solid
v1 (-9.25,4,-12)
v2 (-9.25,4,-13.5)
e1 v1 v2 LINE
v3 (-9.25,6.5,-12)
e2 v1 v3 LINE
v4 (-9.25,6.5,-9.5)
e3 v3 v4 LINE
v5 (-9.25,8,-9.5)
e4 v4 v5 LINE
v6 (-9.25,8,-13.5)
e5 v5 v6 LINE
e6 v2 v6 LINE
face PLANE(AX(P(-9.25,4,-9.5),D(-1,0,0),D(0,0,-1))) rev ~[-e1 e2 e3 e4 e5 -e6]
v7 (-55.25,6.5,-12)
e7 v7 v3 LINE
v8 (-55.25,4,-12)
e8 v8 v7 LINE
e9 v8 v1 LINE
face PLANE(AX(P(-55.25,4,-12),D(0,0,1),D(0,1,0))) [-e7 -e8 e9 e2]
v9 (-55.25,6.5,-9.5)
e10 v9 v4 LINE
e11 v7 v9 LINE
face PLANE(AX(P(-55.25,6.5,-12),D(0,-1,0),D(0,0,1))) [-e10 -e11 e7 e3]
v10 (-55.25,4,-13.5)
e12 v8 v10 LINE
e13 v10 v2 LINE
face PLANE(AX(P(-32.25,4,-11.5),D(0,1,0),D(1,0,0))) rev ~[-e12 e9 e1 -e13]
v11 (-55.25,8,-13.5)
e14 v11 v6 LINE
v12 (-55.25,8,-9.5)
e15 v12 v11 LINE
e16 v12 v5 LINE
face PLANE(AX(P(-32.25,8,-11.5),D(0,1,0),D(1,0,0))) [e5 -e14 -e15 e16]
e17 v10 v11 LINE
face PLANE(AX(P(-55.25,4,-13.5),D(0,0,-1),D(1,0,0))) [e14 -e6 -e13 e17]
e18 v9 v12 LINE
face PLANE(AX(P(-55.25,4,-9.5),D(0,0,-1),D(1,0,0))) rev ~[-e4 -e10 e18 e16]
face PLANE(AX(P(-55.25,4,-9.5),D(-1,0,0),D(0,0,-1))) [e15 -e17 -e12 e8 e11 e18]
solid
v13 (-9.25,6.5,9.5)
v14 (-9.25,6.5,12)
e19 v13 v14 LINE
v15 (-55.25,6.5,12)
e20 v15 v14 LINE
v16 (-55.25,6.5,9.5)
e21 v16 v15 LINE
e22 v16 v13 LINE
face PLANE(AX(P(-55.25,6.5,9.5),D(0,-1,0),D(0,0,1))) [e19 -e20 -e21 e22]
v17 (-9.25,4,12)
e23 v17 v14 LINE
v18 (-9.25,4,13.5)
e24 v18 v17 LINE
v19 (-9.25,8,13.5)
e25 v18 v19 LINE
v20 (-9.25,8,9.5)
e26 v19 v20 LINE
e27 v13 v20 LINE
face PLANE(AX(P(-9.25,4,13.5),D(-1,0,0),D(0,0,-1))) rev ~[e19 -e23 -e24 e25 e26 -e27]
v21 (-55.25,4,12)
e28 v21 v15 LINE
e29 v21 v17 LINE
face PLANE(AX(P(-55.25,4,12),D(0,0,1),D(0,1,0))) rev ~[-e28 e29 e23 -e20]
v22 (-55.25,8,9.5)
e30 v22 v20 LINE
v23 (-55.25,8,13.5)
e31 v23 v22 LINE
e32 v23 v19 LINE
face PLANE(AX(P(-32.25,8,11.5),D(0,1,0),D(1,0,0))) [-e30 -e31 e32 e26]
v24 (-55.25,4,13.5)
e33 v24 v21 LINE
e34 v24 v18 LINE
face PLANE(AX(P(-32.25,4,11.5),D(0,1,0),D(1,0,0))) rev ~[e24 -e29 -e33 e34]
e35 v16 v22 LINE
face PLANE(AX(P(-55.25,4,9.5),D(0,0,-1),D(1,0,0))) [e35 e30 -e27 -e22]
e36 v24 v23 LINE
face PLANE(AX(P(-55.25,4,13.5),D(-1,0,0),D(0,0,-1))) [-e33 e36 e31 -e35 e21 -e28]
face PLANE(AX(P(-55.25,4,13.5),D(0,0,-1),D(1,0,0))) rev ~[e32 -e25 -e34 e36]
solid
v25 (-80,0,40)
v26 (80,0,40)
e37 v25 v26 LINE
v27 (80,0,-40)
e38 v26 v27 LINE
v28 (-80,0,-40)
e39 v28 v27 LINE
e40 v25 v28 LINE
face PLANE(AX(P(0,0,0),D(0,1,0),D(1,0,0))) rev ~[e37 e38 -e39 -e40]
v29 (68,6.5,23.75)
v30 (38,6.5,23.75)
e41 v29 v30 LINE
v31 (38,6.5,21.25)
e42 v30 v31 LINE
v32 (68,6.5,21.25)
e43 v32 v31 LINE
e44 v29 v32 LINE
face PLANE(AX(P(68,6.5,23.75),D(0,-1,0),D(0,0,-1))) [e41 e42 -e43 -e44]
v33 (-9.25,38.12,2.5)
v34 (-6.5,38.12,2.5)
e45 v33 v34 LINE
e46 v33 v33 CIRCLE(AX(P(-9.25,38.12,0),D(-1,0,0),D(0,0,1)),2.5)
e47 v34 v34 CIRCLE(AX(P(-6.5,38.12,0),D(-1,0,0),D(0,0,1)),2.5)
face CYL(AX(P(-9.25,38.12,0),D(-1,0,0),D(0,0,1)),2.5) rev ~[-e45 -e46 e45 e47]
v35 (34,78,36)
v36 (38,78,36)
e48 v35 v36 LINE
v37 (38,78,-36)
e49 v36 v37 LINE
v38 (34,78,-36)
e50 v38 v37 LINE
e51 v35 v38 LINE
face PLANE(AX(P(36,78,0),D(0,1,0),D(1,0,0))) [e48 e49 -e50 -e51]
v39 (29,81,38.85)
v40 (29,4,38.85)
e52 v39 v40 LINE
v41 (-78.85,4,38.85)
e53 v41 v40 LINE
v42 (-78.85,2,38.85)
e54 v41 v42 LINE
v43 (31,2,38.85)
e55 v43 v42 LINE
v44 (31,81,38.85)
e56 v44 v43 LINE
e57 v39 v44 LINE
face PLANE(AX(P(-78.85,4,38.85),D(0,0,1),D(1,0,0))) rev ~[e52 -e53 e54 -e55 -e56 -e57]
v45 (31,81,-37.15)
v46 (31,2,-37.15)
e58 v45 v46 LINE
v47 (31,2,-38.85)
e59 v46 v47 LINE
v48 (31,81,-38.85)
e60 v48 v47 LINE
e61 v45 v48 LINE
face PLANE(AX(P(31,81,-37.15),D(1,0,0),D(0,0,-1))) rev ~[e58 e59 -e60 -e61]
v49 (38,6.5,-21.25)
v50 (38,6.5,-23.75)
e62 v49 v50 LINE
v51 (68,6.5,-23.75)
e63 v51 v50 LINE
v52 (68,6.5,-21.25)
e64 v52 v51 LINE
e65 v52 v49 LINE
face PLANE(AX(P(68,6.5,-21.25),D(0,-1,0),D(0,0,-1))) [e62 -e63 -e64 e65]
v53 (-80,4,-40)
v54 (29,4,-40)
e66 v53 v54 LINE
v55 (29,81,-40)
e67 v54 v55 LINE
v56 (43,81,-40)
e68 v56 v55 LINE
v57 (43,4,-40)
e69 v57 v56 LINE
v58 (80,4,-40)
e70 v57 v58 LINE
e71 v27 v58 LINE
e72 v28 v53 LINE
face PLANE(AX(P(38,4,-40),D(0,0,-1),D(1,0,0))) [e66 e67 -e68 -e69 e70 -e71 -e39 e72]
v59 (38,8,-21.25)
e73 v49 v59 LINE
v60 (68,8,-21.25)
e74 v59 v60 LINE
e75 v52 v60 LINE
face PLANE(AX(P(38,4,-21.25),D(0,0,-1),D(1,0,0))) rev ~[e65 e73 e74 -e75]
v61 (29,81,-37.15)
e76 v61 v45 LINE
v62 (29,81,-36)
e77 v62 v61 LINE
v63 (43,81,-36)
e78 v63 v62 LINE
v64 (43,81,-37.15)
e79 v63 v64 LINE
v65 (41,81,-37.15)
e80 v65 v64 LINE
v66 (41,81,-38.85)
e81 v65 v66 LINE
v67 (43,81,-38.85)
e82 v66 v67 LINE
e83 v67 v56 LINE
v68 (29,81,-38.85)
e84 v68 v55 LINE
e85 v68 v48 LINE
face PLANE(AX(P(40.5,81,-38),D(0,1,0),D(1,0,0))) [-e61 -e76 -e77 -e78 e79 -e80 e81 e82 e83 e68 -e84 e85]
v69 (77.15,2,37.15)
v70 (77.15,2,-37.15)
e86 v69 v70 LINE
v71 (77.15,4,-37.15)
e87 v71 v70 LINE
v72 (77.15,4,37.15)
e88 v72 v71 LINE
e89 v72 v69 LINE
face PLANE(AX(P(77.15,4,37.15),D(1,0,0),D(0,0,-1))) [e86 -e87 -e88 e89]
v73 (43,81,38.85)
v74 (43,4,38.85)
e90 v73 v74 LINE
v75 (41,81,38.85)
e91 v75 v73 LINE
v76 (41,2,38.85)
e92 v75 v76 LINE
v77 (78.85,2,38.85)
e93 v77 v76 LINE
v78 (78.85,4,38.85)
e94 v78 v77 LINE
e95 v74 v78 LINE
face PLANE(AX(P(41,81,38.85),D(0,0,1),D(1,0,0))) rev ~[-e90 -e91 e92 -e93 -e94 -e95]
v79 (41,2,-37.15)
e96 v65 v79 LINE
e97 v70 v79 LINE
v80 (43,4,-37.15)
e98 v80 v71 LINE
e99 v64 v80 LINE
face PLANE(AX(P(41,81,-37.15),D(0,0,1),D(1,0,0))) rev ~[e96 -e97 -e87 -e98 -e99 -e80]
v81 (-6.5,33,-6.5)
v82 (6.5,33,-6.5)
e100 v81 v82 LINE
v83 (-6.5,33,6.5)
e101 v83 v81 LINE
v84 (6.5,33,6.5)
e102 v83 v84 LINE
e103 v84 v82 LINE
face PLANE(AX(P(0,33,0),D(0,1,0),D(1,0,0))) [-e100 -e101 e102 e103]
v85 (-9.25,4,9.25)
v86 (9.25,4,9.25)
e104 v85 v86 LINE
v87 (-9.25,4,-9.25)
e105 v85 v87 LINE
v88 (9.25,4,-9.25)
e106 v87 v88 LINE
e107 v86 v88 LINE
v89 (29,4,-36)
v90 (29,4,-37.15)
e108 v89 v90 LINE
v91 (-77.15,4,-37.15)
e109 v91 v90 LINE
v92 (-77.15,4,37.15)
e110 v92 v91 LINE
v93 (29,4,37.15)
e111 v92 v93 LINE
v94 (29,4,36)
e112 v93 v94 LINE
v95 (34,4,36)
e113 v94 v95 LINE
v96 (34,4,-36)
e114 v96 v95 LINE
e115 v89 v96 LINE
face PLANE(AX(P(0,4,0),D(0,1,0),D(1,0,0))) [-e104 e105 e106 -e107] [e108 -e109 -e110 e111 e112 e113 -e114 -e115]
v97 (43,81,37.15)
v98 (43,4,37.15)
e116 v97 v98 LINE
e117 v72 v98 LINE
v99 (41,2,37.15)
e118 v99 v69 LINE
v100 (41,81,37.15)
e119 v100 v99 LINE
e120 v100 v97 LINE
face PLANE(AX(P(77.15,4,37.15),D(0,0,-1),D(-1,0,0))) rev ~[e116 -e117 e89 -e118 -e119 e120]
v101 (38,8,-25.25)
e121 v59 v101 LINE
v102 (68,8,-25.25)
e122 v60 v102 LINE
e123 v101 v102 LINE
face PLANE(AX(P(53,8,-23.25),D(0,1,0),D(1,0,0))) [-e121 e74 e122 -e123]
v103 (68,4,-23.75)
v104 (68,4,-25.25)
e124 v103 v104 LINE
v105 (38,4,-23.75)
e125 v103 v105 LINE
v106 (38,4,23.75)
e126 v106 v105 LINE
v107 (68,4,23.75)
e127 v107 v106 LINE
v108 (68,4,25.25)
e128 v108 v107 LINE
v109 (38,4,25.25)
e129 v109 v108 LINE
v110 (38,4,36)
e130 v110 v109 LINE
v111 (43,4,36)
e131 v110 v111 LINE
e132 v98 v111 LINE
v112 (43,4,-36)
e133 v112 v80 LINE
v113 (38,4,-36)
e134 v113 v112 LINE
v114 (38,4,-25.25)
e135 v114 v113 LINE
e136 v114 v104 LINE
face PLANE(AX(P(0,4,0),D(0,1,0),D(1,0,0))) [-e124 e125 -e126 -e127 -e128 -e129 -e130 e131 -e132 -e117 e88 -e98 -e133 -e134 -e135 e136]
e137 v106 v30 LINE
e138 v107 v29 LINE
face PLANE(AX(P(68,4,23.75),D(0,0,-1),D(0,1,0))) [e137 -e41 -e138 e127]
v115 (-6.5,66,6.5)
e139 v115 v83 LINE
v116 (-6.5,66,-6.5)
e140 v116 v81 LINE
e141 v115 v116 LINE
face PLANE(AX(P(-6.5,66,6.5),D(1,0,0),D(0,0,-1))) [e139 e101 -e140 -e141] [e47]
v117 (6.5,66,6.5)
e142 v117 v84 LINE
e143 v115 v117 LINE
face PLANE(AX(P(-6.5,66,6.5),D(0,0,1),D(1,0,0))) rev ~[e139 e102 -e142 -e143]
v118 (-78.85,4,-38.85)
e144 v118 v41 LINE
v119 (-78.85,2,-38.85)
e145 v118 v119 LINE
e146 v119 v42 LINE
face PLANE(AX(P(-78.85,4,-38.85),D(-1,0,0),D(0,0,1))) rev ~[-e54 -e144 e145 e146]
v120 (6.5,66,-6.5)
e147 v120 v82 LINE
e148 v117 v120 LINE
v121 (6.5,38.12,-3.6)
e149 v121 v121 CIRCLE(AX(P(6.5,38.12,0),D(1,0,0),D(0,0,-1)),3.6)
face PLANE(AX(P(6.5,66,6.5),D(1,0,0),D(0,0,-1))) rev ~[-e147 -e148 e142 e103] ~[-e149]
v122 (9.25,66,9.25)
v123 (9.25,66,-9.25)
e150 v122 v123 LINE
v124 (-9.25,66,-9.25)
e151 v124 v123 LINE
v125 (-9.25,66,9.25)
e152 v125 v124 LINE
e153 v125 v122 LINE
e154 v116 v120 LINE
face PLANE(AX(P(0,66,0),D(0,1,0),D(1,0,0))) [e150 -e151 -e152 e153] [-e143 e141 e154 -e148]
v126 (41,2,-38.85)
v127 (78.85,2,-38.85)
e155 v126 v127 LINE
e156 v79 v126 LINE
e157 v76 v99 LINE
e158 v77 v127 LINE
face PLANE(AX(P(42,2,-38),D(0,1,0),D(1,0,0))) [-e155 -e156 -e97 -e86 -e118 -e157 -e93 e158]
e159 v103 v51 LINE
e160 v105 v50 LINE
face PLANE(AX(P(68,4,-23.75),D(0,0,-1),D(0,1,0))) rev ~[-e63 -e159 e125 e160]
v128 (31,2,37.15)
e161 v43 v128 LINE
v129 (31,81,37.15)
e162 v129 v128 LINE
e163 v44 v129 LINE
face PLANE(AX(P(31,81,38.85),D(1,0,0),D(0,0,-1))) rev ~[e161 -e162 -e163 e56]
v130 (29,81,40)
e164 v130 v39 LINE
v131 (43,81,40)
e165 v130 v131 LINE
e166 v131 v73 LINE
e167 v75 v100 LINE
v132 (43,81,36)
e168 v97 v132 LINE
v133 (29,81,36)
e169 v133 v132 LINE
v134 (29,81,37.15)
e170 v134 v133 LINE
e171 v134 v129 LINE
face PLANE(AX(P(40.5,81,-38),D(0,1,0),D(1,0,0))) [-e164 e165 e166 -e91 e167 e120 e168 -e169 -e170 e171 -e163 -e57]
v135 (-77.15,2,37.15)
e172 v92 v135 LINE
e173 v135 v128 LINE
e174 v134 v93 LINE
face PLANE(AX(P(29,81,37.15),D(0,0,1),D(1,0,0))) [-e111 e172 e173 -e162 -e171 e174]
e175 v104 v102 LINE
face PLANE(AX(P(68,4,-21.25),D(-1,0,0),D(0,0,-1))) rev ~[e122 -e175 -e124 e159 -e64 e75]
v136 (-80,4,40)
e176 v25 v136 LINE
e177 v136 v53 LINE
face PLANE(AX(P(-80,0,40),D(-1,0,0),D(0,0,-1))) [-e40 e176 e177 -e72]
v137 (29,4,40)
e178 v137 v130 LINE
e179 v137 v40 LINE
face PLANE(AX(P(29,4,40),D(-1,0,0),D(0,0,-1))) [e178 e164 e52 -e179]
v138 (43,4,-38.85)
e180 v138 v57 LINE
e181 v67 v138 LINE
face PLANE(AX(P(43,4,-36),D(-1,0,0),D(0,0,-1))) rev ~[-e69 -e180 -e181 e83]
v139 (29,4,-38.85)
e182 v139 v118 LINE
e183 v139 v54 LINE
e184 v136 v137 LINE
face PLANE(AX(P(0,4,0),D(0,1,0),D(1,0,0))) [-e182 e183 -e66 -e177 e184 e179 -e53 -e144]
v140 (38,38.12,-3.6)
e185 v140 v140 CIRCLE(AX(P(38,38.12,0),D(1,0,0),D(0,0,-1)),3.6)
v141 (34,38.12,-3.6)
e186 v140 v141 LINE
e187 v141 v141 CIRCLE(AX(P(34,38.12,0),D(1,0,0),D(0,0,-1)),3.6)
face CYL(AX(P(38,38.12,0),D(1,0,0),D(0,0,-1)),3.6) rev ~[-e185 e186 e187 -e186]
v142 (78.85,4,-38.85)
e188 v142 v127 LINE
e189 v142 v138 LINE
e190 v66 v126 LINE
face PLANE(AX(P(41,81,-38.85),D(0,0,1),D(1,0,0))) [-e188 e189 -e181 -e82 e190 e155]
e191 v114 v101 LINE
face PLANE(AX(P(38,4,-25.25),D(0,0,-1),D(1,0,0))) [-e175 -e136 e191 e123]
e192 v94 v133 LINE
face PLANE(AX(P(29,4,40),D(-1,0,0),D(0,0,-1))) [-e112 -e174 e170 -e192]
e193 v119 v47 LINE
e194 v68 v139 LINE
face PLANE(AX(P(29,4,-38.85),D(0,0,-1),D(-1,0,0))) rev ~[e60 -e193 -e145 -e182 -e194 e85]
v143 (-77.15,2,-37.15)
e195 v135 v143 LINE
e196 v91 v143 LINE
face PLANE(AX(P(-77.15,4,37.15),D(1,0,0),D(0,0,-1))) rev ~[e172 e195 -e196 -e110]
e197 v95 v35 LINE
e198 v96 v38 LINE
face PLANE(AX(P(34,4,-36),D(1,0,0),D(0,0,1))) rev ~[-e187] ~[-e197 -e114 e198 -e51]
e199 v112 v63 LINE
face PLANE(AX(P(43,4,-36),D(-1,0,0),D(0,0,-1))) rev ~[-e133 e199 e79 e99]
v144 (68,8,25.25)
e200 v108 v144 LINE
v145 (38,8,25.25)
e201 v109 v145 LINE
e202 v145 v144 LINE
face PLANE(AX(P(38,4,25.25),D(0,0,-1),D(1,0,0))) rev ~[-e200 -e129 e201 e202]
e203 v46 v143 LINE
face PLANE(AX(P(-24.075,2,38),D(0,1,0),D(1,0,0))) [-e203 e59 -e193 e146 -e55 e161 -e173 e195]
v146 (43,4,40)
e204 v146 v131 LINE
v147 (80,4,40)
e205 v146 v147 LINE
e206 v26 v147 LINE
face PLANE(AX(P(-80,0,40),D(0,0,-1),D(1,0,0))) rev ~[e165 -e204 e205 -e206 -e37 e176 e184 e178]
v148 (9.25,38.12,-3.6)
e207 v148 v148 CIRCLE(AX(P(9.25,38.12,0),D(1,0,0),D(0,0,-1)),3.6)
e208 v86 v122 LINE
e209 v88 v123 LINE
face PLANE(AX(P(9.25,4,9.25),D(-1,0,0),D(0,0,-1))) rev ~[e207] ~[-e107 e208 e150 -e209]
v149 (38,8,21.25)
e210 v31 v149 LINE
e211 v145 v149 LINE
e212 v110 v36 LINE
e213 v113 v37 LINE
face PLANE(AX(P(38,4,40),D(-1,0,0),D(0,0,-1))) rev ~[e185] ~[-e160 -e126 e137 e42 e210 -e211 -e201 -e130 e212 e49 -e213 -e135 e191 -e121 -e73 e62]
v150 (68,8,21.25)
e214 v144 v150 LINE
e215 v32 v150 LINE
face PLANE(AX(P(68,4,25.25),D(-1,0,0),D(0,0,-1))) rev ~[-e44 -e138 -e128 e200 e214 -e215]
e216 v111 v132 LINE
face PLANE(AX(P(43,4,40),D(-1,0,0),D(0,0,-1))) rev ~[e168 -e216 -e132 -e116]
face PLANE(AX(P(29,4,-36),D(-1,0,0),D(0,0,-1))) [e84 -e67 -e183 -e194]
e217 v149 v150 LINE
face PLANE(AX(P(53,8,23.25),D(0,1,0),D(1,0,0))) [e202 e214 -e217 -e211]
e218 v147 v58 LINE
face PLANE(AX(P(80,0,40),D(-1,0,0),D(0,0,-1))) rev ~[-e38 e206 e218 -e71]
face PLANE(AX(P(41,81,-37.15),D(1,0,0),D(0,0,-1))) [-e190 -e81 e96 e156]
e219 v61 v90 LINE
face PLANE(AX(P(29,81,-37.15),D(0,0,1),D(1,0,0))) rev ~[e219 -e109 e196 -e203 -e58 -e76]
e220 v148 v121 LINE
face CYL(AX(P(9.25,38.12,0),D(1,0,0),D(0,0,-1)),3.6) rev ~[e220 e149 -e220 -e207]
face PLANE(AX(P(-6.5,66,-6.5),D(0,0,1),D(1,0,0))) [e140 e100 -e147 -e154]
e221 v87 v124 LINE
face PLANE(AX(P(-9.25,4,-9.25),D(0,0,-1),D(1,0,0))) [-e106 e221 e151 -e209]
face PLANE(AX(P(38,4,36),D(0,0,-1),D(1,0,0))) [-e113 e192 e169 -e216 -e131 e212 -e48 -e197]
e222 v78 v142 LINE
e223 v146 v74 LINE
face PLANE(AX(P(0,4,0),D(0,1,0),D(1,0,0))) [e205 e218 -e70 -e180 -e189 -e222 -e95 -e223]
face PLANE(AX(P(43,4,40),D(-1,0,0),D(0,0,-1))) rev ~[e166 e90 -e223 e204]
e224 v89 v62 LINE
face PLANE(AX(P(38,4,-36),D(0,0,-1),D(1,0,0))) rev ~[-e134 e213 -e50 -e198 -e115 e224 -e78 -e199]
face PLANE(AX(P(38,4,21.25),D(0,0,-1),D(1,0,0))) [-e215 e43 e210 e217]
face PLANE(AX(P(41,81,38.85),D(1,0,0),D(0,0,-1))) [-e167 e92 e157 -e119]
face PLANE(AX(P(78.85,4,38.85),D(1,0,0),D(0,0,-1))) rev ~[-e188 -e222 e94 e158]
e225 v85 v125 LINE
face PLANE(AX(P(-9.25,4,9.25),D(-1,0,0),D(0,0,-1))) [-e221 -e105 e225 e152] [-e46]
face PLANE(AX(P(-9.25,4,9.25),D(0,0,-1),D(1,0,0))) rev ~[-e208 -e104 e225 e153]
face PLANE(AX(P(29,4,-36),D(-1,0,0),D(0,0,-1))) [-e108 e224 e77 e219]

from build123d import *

# Parameters (mm, degrees)
IZIM1_W                        = 160
IZIM1_H                        = 80
Y_KSEKLIK_EKSTR_ZYON1_DEPTH    = 4
IZIM2_W                        = 18.5
IZIM2_H                        = 18.5
Y_KSEKLIK_EKSTR_ZYON2_DEPTH    = 62
IZIM3_W                        = 13
IZIM3_H                        = 13
KES_EKSTR_ZYON1_DEPTH          = 33
IZIM4_R                        = 3.6
KES_EKSTR_ZYON3_DEPTH          = 9.161851858
IZIM6_R                        = 2.5
KES_EKSTR_ZYON4_DEPTH          = 35
IZIM10_W                       = 5
IZIM10_H                       = 4
Y_KSEKLIK_EKSTR_ZYON5_DEPTH    = 77
IZIM11_R                       = 3.6
KES_EKSTR_ZYON6_DEPTH          = 5
IZIM12_W                       = 2
IZIM12_H                       = 1.7
KES_EKSTR_ZYON7_DEPTH          = 79
IZIM13_W                       = 106.15
IZIM13_H                       = 1.7
IZIM13_W_2                     = 1.7
IZIM13_H_2                     = 74.3
KES_EKSTR_ZYON8_DEPTH          = 2
IZIM14_W                       = 46
IZIM14_H                       = 4
Y_KSEKLIK_EKSTR_ZYON13_DEPTH   = 4
Y_KSEKLIK_EKSTR_ZYON13_2_DEPTH = 4
IZIM15_W                       = 2.5
IZIM15_H                       = 2.5
KES_EKSTR_ZYON9_DEPTH          = 46
IZIM16_W                       = 30
IZIM16_H                       = 4
Y_KSEKLIK_EKSTR_ZYON14_DEPTH   = 4
IZIM17_W                       = 2.5
IZIM17_H                       = 2.5
KES_EKSTR_ZYON10_DEPTH         = 30
IZIM18_W                       = 5
IZIM18_H                       = 4
Y_KSEKLIK_EKSTR_ZYON15_DEPTH   = 77
IZIM20_W                       = 2
IZIM20_H                       = 1.7
KES_EKSTR_ZYON11_DEPTH         = 79
IZIM21_W                       = 34.15
IZIM21_H                       = 1.7
IZIM21_W_2                     = 1.7
IZIM21_H_2                     = 74.3
KES_EKSTR_ZYON12_DEPTH         = 2
IZIM22_W                       = 4
IZIM22_H                       = 72
KES_EKSTR_ZYON13_DEPTH         = 3


with BuildPart() as part:
    # Çizim1 → Yükseklik-Ekstrüzyon1 (new body)
    with BuildSketch(Plane(origin=(0, 0, 0), x_dir=(1, 0, 0), z_dir=(0, 1, 0))):
        Rectangle(IZIM1_W, IZIM1_H)
    extrude(amount=Y_KSEKLIK_EKSTR_ZYON1_DEPTH)

    # Çizim2 → Yükseklik-Ekstrüzyon2 (add)
    with BuildSketch(Plane(origin=(0, 4, 0), x_dir=(1, 0, 0), z_dir=(0, 1, 0))):
        Rectangle(IZIM2_W, IZIM2_H)
    extrude(amount=Y_KSEKLIK_EKSTR_ZYON2_DEPTH)

    # Çizim3 → Kes-Ekstrüzyon1 (cut)
    with BuildSketch(Plane(origin=(0, 66, 0), x_dir=(1, 0, 0), z_dir=(0, 1, 0))):
        Rectangle(IZIM3_W, IZIM3_H)
    extrude(amount=-KES_EKSTR_ZYON1_DEPTH, mode=Mode.SUBTRACT)

    # Çizim4 → Kes-Ekstrüzyon3 (cut)
    with BuildSketch(Plane(origin=(9.25, 0, 0), x_dir=(0, 0, -1), z_dir=(1, 0, 0))):
        with Locations((0, 38.12)):
            Circle(IZIM4_R)
    extrude(amount=-KES_EKSTR_ZYON3_DEPTH, mode=Mode.SUBTRACT)

    # Çizim6 → Kes-Ekstrüzyon4 (cut)
    with BuildSketch(Plane.ZY.offset(9.25)):
        with Locations((0, 38.12)):
            Circle(IZIM6_R)
    extrude(amount=-KES_EKSTR_ZYON4_DEPTH, mode=Mode.SUBTRACT)

    # Çizim10 → Yükseklik-Ekstrüzyon5 (add)
    with BuildSketch(Plane(origin=(0, 4, 0), x_dir=(1, 0, 0), z_dir=(0, 1, 0))):
        Polygon((34, -40), (38, -40), (38, 40), (34, 40), (34, 36), (34, -36), align=None)
        with Locations((31.5, 38)):
            Rectangle(IZIM10_W, IZIM10_H)
        with Locations((31.5, -38)):
            Rectangle(IZIM10_W, IZIM10_H)
    extrude(amount=Y_KSEKLIK_EKSTR_ZYON5_DEPTH)

    # Çizim11 → Kes-Ekstrüzyon6 (cut)
    with BuildSketch(Plane(origin=(38, 0, 0), x_dir=(0, 0, -1), z_dir=(1, 0, 0))):
        with Locations((0, 38.12)):
            Circle(IZIM11_R)
    extrude(amount=-KES_EKSTR_ZYON6_DEPTH, mode=Mode.SUBTRACT)

    # Çizim12 → Kes-Ekstrüzyon7 (cut)
    with BuildSketch(Plane(origin=(0, 81, 0), x_dir=(1, 0, 0), z_dir=(0, 1, 0))):
        with Locations((30, -38)):
            Rectangle(IZIM12_W, IZIM12_H)
        with Locations((30, 38)):
            Rectangle(IZIM12_W, IZIM12_H)
    extrude(amount=-KES_EKSTR_ZYON7_DEPTH, mode=Mode.SUBTRACT)

    # Çizim13 → Kes-Ekstrüzyon8 (cut)
    with BuildSketch(Plane(origin=(0, 4, 0), x_dir=(1, 0, 0), z_dir=(0, 1, 0))):
        with Locations((-24.075, -38)):
            Rectangle(IZIM13_W, IZIM13_H)
        with Locations((-78, 0)):
            Rectangle(IZIM13_W_2, IZIM13_H_2)
        with Locations((-78, -38)):
            Rectangle(IZIM13_W_2, IZIM13_H)
        with Locations((-24.075, 38)):
            Rectangle(IZIM13_W, IZIM13_H)
        with Locations((-78, 38)):
            Rectangle(IZIM13_W_2, IZIM13_H)
    extrude(amount=-KES_EKSTR_ZYON8_DEPTH, mode=Mode.SUBTRACT)

    # Çizim16 → Yükseklik-Ekstrüzyon14 (add)
    with BuildSketch(Plane(origin=(0, 4, 0), x_dir=(1, 0, 0), z_dir=(0, 1, 0))):
        with Locations((53, 23.25)):
            Rectangle(IZIM16_W, IZIM16_H)
        with Locations((53, -23.25)):
            Rectangle(IZIM16_W, IZIM16_H)
    extrude(amount=Y_KSEKLIK_EKSTR_ZYON14_DEPTH)

    # Çizim17 → Kes-Ekstrüzyon10 (cut)
    with BuildSketch(Plane(origin=(68, 0, 0), x_dir=(0, 0, -1), z_dir=(1, 0, 0))):
        with Locations((-22.5, 5.25)):
            Rectangle(IZIM17_W, IZIM17_H)
        with Locations((22.5, 5.25)):
            Rectangle(IZIM17_W, IZIM17_H)
    extrude(amount=-KES_EKSTR_ZYON10_DEPTH, mode=Mode.SUBTRACT)

    # Çizim18 → Yükseklik-Ekstrüzyon15 (add)
    with BuildSketch(Plane(origin=(0, 4, 0), x_dir=(1, 0, 0), z_dir=(0, 1, 0))):
        with Locations((40.5, 38)):
            Rectangle(IZIM18_W, IZIM18_H)
        with Locations((40.5, -38)):
            Rectangle(IZIM18_W, IZIM18_H)
    extrude(amount=Y_KSEKLIK_EKSTR_ZYON15_DEPTH)

    # Çizim20 → Kes-Ekstrüzyon11 (cut)
    with BuildSketch(Plane(origin=(0, 81, 0), x_dir=(1, 0, 0), z_dir=(0, 1, 0))):
        with Locations((42, -38)):
            Rectangle(IZIM20_W, IZIM20_H)
        with Locations((42, 38)):
            Rectangle(IZIM20_W, IZIM20_H)
    extrude(amount=-KES_EKSTR_ZYON11_DEPTH, mode=Mode.SUBTRACT)

    # Çizim21 → Kes-Ekstrüzyon12 (cut)
    with BuildSketch(Plane(origin=(0, 4, 0), x_dir=(1, 0, 0), z_dir=(0, 1, 0))):
        with Locations((60.075, -38)):
            Rectangle(IZIM21_W, IZIM21_H)
        with Locations((78, -38)):
            Rectangle(IZIM21_W_2, IZIM21_H)
        with Locations((78, 0)):
            Rectangle(IZIM21_W_2, IZIM21_H_2)
        with Locations((60.075, 38)):
            Rectangle(IZIM21_W, IZIM21_H)
        with Locations((78, 38)):
            Rectangle(IZIM21_W_2, IZIM21_H)
    extrude(amount=-KES_EKSTR_ZYON12_DEPTH, mode=Mode.SUBTRACT)

    # Çizim22 → Kes-Ekstrüzyon13 (cut)
    with BuildSketch(Plane(origin=(0, 81, 0), x_dir=(1, 0, 0), z_dir=(0, 1, 0))):
        with Locations((36, 0)):
            Rectangle(IZIM22_W, IZIM22_H)
    extrude(amount=-KES_EKSTR_ZYON13_DEPTH, mode=Mode.SUBTRACT)


with BuildPart() as body_2:
    # Çizim14 → Yükseklik-Ekstrüzyon13 (new body)
    with BuildSketch(Plane(origin=(0, 4, 0), x_dir=(1, 0, 0), z_dir=(0, 1, 0))):
        with Locations((-32.25, -11.5)):
            Rectangle(IZIM14_W, IZIM14_H)
    extrude(amount=Y_KSEKLIK_EKSTR_ZYON13_DEPTH)


with BuildPart() as body_3:
    # Çizim14 → Y_kseklik-Ekstr_zyon13 2 (new body)
    with BuildSketch(Plane(origin=(0, 4, 0), x_dir=(1, 0, 0), z_dir=(0, 1, 0))):
        with Locations((-32.25, 11.5)):
            Rectangle(IZIM14_W, IZIM14_H)
    extrude(amount=Y_KSEKLIK_EKSTR_ZYON13_2_DEPTH)


with BuildPart() as kes_ekstr_zyon9_tool:
    # Çizim15 → Kes-Ekstrüzyon9 (new body)
    with BuildSketch(Plane.ZY.offset(55.25)):
        with Locations((-10.75, 5.25)):
            Rectangle(IZIM15_W, IZIM15_H)
        with Locations((10.75, 5.25)):
            Rectangle(IZIM15_W, IZIM15_H)
    extrude(amount=-KES_EKSTR_ZYON9_DEPTH)


with BuildPart() as body_2_1:
    add(body_2.part)

    # Kes-Ekstrüzyon9: cut by kes_ekstr_zyon9_tool
    add(kes_ekstr_zyon9_tool.part, mode=Mode.SUBTRACT)


with BuildPart() as body_3_1:
    add(body_3.part)

    # Kes-Ekstrüzyon9: cut by kes_ekstr_zyon9_tool
    add(kes_ekstr_zyon9_tool.part, mode=Mode.SUBTRACT)


solid = Compound([part.part, body_2_1.part, body_3_1.part])
